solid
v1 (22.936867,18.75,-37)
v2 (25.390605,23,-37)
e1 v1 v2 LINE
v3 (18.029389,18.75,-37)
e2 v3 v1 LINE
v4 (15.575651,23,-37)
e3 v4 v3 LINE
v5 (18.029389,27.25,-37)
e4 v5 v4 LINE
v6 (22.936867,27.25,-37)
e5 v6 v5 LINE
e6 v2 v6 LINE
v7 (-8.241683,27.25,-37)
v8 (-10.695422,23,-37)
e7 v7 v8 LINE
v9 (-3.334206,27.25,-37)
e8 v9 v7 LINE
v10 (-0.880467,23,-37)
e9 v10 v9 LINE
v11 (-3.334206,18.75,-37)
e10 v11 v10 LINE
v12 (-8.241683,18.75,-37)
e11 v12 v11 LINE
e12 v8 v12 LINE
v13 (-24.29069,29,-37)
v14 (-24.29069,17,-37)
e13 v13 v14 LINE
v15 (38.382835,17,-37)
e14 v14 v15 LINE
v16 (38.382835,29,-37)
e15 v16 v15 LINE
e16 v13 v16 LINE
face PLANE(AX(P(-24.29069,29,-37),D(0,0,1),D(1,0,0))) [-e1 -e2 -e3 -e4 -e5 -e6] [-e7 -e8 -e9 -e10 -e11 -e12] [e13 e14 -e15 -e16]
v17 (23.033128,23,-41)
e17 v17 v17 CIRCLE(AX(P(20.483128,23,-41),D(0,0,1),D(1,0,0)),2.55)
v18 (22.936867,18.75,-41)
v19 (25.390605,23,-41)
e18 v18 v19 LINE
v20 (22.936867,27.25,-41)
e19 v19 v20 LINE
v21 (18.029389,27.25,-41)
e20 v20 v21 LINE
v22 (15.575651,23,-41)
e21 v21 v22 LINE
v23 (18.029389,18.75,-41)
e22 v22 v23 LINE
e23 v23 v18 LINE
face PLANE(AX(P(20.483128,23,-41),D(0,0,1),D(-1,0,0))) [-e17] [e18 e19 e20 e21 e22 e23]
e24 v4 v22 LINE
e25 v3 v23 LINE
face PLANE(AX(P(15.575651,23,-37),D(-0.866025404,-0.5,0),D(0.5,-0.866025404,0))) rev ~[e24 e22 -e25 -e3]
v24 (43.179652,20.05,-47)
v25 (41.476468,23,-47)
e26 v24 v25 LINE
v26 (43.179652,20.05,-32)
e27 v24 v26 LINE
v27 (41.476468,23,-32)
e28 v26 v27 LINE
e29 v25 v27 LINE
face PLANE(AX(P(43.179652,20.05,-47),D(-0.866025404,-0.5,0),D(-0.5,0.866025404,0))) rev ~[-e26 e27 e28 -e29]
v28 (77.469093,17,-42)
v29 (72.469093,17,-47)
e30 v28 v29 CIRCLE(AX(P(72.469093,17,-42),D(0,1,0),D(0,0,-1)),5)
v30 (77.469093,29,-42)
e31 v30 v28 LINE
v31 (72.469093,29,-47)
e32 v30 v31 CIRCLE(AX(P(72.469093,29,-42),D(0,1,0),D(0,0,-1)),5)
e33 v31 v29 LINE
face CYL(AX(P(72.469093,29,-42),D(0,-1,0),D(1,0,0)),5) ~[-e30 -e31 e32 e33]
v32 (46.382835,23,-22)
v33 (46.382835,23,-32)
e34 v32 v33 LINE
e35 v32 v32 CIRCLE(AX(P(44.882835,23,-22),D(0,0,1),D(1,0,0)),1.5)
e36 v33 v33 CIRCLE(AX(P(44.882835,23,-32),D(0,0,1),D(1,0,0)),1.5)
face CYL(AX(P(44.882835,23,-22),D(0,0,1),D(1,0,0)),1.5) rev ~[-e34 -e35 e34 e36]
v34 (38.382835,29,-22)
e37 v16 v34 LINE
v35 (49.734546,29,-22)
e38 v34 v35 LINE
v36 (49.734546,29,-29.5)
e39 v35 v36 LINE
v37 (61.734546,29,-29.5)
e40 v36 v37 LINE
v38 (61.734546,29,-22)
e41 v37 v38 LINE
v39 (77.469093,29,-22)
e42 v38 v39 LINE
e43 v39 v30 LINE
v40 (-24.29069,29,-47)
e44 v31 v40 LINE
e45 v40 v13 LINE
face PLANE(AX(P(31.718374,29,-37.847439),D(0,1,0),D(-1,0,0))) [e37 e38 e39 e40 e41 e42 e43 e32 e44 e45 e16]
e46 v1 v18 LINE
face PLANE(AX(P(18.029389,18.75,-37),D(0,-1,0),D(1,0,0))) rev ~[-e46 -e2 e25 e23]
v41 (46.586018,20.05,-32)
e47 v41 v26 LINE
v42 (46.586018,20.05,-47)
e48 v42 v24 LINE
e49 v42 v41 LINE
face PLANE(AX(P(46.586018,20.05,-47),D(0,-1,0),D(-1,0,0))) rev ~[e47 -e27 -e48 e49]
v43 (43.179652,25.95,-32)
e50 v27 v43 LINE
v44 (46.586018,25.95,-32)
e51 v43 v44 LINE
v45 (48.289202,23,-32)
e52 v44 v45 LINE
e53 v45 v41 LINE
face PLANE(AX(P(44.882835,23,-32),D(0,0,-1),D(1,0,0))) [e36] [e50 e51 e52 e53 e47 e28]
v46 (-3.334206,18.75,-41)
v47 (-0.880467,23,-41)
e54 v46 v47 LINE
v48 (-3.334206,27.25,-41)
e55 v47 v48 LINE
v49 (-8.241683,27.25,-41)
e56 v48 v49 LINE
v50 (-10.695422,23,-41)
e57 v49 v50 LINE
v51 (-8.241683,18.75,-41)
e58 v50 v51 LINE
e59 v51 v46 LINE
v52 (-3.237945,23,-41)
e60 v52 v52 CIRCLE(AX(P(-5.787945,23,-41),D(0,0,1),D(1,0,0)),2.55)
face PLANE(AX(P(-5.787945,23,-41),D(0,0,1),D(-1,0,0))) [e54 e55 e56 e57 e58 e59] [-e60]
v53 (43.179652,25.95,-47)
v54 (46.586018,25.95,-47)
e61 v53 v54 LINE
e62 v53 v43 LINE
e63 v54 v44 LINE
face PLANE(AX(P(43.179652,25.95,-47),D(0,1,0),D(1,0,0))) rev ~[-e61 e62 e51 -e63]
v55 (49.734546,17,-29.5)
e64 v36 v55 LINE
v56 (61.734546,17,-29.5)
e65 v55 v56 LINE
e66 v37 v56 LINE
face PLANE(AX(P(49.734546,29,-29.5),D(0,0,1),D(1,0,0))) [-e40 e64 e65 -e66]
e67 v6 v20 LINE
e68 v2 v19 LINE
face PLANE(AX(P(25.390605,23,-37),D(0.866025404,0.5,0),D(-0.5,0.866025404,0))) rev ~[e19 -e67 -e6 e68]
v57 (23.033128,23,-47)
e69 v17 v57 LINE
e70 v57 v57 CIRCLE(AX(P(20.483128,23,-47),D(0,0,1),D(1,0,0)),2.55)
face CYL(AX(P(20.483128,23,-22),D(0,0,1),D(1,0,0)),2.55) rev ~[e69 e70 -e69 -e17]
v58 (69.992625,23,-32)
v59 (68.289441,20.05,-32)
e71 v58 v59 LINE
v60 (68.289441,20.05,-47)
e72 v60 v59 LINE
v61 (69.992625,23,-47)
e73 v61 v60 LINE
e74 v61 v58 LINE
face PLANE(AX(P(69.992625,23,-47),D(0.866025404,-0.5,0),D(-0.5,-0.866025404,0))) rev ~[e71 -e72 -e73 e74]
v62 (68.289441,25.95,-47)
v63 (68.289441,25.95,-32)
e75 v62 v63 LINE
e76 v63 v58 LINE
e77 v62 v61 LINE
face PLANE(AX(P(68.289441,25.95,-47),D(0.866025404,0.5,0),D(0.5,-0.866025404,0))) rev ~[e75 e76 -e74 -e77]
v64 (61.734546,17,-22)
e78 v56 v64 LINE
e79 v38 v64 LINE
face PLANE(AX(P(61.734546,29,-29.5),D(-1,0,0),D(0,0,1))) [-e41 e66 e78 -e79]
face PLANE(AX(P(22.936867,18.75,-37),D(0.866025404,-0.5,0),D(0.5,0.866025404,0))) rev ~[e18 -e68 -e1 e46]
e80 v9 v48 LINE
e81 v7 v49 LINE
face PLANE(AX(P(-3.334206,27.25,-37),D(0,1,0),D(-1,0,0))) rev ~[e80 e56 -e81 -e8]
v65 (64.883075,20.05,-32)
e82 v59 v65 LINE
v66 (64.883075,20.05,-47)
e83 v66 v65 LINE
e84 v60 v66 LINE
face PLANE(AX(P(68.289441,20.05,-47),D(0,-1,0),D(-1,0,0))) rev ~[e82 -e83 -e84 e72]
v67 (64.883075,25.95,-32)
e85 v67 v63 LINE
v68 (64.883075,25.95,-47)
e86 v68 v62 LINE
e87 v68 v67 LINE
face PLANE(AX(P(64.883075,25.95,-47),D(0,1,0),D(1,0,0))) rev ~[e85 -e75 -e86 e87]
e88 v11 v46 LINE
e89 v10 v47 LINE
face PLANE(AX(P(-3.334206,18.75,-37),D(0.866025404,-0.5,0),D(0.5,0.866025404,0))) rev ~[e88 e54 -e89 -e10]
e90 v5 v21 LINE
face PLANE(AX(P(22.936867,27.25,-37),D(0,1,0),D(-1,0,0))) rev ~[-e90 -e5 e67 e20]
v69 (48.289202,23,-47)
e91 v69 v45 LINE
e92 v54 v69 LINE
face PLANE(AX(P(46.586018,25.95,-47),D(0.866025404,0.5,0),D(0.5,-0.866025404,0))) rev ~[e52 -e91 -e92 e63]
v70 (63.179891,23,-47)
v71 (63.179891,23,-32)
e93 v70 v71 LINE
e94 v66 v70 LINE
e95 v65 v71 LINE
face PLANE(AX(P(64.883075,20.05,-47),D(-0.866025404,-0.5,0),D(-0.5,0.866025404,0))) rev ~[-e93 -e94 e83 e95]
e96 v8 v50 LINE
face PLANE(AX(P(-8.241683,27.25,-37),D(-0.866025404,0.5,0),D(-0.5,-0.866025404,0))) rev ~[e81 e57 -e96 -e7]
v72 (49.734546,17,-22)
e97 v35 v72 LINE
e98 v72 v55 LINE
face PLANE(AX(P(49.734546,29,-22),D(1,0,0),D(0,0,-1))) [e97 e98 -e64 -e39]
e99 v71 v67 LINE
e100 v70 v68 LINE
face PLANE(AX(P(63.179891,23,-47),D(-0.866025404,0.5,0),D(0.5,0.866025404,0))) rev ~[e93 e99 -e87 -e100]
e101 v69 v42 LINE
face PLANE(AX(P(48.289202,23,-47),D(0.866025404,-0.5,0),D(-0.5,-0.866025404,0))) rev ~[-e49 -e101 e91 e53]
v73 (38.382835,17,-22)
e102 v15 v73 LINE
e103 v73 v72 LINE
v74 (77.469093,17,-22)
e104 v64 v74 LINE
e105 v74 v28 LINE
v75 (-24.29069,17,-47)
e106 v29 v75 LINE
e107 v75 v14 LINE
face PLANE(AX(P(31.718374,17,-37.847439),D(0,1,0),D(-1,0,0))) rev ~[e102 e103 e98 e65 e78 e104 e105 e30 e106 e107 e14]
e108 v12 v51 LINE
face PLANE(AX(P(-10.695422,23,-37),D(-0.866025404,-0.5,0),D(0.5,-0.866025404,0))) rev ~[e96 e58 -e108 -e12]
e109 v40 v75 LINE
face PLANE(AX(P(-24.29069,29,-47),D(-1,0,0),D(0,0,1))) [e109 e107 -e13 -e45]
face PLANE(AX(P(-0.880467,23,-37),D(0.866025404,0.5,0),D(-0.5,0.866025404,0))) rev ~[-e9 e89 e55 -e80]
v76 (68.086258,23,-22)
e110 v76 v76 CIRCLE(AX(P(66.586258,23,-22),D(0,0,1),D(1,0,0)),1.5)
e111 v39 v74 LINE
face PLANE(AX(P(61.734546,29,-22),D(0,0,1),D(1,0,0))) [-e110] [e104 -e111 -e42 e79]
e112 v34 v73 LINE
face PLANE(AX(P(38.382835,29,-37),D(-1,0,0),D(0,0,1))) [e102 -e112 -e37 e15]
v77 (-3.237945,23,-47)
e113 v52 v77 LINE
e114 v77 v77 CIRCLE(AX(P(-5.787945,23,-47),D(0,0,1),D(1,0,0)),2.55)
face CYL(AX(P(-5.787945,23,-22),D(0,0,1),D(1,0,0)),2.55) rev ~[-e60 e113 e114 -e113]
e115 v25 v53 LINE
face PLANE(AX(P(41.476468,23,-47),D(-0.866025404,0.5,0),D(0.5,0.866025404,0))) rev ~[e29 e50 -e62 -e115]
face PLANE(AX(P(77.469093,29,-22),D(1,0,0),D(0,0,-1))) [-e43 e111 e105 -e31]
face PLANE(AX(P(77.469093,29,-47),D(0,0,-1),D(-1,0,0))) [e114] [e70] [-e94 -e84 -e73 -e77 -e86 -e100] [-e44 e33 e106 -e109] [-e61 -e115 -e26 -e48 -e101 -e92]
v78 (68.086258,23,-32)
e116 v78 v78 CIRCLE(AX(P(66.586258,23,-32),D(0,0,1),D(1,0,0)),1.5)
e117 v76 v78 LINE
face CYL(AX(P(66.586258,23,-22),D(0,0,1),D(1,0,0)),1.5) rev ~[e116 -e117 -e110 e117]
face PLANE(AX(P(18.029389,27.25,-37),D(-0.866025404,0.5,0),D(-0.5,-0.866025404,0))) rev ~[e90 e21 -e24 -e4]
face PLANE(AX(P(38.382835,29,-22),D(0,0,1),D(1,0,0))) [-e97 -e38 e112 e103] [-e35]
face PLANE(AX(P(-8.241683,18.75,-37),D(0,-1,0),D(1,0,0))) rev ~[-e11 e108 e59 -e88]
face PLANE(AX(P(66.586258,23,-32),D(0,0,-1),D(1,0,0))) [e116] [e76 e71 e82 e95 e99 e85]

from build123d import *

# Parameters (mm, degrees)
PAD015_DEPTH    = 12
SKETCH032_R     = 1.5
POCKET013_DEPTH = 25.001
SKETCH034_R     = 2.55
POCKET014_DEPTH = 25.001
POCKET015_DEPTH = 15
POCKET016_DEPTH = 4
FILLET_R        = 5


with BuildPart() as part:
    # Sketch029 → Pad015 (new body)
    with BuildSketch(Plane.XZ):
        Polygon((77.4690929999, 0), (77.4690929999, -25), (-24.29069, -25), (-24.29069, -15), (38.3828349999, -15), (38.3828349999, 0), (49.7345464999, 0), (49.7345464999, -7.5), (61.7345464999, -7.5), (61.7345464999, 0), align=None)
    extrude(amount=PAD015_DEPTH)

    # Sketch032 → Pocket013 (cut, through all)
    with BuildSketch(Plane.XY):
        with Locations((44.8828349999, -6)):
            Circle(SKETCH032_R)
        with Locations((66.586258, -6)):
            Circle(SKETCH032_R)
    extrude(amount=-POCKET013_DEPTH, mode=Mode.SUBTRACT)

    # Sketch034 → Pocket014 (cut, through all)
    with BuildSketch(Plane.XY):
        with Locations((-5.7879446208, -6)):
            Circle(SKETCH034_R)
        with Locations((20.4831280675, -6)):
            Circle(SKETCH034_R)
    extrude(amount=-POCKET014_DEPTH, mode=Mode.SUBTRACT)

    # Sketch035 (on Face3 of Pocket014) → Pocket015 (cut)
    with BuildSketch(Plane(origin=(0, 0, -25), x_dir=(1, 0, 0), z_dir=(0, 0, -1))):
        Polygon((46.586018294, 8.95), (43.1796517057, 8.95), (41.4764684116, 6), (43.1796517057, 3.05), (46.586018294, 3.05), (48.2892015881, 6), align=None)
        Polygon((68.2894412941, 8.95), (64.8830747059, 8.95), (63.1798914118, 6), (64.8830747059, 3.05), (68.2894412941, 3.05), (69.9926245882, 6), align=None)
    extrude(amount=-POCKET015_DEPTH, mode=Mode.SUBTRACT)

    # Sketch036 (on Face23 of Pocket015) → Pocket016 (cut)
    with BuildSketch(Plane(origin=(0, 0, -15), x_dir=(-1, 0, 0), z_dir=(0, 0, 1))):
        Polygon((-22.9368667116, 10.25), (-25.3906053556, 6), (-22.9368667116, 1.75), (-18.0293894234, 1.75), (-15.5756507794, 6), (-18.0293894234, 10.25), align=None)
        Polygon((3.3342059768, 10.25), (0.8804673327, 6), (3.3342059768, 1.75), (8.2416832649, 1.75), (10.6954219089, 6), (8.2416832649, 10.25), align=None)
    extrude(amount=-POCKET016_DEPTH, mode=Mode.SUBTRACT)

    # Fillet
    fillet_edges = [part.edges().sort_by_distance(p)[0] for p in [
        (77.469093, -6, -25),
    ]]
    fillet(fillet_edges, radius=FILLET_R)


with BuildPart() as part_1:
    # Body005 placement: moved
    add(part.part.moved(Location((0, 29, -22))))


solid = part_1.part
